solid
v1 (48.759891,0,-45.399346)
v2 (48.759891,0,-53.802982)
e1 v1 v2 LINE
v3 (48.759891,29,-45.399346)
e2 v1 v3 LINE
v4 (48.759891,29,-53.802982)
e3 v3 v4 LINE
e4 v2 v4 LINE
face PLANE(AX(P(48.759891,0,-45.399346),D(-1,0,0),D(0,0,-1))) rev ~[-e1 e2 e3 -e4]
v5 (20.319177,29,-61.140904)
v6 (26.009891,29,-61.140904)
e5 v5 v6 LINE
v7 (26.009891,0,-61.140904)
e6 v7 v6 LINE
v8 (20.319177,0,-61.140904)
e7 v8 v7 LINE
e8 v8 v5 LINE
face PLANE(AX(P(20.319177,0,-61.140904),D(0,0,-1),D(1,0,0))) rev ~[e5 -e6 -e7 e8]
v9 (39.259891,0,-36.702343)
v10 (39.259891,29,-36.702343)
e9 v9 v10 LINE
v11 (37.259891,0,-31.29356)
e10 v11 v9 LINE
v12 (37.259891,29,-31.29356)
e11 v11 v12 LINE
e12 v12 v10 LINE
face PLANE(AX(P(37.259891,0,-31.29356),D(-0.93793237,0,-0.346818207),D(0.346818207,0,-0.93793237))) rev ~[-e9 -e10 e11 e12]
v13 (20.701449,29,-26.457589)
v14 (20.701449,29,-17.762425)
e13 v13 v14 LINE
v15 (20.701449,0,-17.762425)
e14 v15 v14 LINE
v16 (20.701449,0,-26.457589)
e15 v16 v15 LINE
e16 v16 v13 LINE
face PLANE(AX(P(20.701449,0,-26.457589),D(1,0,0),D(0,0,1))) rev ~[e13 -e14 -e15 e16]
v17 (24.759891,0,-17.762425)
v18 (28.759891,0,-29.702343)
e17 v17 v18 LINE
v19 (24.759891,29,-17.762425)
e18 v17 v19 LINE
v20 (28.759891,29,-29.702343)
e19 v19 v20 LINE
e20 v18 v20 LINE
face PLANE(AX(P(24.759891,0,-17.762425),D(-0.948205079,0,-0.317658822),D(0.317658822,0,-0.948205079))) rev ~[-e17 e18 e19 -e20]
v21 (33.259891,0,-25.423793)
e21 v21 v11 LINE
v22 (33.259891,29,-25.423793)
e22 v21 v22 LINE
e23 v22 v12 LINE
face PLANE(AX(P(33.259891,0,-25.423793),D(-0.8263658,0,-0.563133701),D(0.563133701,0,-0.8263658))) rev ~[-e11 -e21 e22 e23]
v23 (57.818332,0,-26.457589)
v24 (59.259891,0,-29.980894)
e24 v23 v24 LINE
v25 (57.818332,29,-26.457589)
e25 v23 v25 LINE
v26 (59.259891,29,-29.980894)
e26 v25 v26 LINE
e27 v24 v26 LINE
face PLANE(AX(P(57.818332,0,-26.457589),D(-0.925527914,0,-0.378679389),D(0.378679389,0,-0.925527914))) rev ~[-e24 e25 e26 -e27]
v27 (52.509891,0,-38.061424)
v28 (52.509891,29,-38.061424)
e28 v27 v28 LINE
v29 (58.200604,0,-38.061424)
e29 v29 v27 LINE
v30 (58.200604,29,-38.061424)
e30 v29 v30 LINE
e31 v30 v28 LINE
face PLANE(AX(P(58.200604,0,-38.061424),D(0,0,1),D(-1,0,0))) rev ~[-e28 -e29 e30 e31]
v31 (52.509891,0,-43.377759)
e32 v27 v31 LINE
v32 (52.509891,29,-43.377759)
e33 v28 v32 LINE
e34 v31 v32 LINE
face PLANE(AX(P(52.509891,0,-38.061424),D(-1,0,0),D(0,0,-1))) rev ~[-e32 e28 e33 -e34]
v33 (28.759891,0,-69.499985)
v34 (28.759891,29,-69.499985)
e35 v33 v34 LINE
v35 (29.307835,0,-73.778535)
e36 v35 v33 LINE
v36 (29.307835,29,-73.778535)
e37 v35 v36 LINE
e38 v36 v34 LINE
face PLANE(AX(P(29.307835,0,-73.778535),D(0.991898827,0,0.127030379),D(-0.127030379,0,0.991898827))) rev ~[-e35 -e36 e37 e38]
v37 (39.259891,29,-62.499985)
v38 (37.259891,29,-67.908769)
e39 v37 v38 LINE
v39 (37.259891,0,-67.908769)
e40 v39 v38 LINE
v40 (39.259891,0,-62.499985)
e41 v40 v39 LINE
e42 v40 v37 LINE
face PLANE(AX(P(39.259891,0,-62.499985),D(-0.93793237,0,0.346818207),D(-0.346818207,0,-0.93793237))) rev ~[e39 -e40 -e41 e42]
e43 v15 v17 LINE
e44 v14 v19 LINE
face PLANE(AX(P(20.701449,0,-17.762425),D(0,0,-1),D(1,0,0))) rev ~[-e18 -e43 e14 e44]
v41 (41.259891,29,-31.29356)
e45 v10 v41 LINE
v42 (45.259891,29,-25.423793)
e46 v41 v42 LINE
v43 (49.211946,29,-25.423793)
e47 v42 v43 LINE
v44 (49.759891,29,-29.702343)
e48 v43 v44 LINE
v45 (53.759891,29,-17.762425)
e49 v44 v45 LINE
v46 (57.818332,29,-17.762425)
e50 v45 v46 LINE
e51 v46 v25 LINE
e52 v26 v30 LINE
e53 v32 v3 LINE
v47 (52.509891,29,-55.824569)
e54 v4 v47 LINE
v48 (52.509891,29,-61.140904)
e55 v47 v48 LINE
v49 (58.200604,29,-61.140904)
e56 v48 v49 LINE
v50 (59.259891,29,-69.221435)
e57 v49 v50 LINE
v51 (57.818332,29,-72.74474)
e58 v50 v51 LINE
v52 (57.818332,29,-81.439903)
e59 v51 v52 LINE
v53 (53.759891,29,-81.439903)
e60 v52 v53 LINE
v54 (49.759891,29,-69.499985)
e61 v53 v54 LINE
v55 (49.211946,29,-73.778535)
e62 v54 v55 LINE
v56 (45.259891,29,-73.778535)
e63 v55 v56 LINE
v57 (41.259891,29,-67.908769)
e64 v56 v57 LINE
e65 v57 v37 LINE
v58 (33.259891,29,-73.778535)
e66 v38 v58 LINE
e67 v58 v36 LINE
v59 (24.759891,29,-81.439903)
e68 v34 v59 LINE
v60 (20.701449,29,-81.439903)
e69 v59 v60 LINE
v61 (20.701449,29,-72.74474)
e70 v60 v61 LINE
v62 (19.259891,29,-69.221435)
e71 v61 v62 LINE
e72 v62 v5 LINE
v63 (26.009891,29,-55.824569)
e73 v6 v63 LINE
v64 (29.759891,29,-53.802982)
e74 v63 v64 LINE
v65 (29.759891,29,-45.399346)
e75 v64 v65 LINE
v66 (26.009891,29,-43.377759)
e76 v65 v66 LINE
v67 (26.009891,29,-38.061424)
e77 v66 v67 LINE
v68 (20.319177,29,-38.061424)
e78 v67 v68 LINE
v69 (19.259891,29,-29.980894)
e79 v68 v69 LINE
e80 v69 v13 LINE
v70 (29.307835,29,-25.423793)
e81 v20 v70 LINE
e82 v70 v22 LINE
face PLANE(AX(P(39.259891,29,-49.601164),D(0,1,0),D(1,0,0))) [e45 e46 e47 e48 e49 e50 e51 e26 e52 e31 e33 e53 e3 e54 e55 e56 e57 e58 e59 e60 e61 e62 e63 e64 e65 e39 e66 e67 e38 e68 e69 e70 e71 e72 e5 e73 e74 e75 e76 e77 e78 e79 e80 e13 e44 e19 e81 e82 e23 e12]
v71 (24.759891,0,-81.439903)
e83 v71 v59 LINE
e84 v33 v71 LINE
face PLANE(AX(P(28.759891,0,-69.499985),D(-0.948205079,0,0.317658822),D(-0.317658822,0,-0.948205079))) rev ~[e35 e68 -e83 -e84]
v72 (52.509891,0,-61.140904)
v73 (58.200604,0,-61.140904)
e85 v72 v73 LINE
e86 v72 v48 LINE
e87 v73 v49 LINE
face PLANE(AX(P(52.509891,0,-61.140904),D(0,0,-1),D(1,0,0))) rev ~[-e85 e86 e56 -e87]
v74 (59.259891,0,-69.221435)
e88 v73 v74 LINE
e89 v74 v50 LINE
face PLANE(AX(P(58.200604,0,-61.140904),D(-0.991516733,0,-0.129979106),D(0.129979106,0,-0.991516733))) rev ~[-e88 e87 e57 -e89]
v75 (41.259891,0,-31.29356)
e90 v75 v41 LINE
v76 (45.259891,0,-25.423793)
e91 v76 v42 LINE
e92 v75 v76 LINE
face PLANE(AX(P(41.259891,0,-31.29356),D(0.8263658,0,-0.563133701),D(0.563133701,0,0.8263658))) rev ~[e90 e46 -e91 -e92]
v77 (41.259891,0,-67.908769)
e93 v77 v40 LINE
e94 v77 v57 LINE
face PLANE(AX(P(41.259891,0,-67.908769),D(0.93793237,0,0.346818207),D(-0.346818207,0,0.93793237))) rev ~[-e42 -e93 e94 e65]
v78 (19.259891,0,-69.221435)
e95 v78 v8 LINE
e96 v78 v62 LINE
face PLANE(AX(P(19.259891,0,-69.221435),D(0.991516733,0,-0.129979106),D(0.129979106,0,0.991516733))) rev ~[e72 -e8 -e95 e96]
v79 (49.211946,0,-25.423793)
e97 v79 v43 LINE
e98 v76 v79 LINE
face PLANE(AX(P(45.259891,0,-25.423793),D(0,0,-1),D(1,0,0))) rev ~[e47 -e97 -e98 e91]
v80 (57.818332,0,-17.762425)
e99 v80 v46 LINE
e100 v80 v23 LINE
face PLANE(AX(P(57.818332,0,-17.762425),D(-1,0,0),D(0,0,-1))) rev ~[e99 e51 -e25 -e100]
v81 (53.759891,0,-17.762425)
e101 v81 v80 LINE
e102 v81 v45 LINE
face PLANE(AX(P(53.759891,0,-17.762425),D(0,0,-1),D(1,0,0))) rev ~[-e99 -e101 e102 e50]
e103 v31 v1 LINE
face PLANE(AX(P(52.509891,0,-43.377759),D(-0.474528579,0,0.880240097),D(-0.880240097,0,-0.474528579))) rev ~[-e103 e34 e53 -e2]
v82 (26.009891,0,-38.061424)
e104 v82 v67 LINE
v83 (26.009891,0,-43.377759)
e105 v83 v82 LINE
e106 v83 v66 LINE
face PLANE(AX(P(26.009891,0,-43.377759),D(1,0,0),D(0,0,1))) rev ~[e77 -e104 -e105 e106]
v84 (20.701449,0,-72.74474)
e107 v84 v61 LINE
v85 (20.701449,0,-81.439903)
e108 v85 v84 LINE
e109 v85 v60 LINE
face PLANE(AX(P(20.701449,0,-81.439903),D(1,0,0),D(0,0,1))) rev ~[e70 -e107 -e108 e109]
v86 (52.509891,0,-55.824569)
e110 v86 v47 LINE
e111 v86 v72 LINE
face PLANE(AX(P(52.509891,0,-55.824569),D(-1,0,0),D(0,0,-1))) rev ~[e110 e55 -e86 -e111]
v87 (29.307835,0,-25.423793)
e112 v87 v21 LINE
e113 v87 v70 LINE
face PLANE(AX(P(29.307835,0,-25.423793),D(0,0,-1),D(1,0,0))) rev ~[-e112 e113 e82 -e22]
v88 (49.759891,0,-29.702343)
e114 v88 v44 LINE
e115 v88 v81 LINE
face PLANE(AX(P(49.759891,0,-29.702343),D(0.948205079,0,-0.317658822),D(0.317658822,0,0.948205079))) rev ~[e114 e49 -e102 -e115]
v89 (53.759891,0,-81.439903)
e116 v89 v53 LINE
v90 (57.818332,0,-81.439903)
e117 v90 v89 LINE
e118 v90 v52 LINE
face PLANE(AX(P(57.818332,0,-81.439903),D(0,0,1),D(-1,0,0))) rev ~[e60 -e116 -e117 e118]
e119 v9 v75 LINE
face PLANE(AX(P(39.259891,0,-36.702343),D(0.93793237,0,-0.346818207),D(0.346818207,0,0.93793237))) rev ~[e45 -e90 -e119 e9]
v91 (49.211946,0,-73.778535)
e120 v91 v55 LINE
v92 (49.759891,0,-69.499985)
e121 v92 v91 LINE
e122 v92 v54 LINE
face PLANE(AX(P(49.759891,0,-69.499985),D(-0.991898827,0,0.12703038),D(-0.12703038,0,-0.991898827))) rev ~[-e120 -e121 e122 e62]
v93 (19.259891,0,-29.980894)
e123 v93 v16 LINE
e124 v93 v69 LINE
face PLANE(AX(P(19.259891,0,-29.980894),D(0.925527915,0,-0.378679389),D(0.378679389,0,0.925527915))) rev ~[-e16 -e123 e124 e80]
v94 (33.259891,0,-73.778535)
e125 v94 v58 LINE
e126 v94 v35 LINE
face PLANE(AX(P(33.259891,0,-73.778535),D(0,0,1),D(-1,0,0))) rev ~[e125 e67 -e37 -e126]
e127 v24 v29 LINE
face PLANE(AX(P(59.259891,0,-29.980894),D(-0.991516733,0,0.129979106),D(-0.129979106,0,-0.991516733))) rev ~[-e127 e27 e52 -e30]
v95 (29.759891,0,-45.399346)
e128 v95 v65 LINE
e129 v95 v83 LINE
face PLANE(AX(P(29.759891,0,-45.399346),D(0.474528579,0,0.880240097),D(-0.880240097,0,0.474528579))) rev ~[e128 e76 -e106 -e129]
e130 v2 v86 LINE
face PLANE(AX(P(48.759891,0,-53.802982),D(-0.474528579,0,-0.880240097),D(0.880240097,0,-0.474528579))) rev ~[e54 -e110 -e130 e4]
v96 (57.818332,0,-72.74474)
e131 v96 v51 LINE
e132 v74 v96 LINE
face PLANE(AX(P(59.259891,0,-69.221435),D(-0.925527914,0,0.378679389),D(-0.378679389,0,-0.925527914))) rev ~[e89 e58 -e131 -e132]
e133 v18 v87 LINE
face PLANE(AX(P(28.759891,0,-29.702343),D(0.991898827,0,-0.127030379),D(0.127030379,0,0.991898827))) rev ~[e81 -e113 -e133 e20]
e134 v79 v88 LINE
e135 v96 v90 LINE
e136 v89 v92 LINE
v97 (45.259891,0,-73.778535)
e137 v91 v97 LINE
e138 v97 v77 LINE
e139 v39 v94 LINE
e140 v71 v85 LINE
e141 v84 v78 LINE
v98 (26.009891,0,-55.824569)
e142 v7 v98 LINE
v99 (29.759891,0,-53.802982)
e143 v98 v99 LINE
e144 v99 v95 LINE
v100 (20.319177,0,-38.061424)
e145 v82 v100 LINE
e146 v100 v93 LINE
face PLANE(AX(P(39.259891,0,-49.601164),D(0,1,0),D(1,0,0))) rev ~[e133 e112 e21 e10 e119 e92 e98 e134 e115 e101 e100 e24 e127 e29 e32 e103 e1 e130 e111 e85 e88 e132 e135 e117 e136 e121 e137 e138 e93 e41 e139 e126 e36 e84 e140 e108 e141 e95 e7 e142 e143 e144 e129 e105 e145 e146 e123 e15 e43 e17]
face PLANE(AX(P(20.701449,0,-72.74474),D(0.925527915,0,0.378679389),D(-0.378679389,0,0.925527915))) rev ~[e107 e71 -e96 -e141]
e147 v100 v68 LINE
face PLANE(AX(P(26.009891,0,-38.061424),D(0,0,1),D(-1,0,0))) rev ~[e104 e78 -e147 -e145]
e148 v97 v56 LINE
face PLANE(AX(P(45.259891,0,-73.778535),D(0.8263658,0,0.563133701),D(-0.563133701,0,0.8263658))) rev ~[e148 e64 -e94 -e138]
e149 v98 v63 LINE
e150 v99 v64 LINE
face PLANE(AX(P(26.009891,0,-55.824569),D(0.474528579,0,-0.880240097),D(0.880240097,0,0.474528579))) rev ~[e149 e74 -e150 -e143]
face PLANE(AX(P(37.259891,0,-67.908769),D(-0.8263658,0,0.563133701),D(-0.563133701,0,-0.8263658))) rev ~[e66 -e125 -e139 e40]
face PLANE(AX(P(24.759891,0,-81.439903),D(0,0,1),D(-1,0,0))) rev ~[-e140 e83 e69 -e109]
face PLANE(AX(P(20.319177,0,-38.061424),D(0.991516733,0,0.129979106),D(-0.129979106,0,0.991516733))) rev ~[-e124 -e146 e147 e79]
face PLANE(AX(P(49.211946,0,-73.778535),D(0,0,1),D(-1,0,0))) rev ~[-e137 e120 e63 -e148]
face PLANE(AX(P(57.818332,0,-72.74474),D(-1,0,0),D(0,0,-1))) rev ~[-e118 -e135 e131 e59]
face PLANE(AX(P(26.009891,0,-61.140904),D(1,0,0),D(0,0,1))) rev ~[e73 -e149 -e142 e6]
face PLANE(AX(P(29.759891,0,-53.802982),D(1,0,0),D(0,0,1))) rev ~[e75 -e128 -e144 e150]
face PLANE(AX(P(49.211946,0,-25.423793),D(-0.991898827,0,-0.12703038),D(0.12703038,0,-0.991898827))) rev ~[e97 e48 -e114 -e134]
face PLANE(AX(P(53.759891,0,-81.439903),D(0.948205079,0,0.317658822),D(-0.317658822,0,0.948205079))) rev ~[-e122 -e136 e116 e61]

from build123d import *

# Parameters (mm, degrees)
BOSS_EXTRUDE1_DEPTH = 29


with BuildPart() as part:
    # Sketch1 → Boss-Extrude1 (new body)
    with BuildSketch(Plane(origin=(0, 0, 0), x_dir=(1, 0, 0), z_dir=(0, 1, 0))):
        Polygon((24.759890606, 17.762425379), (28.759890606, 29.702343473), (29.307835455, 25.423793289), (33.259890606, 25.423793289), (37.259890606, 31.293559553), (39.259890606, 36.702343473), (41.259890606, 31.293559553), (45.259890606, 25.423793289), (49.211945756, 25.423793289), (49.759890606, 29.702343473), (53.759890606, 17.762425379), (57.818331734, 17.762425379), (57.818331734, 26.457588678), (59.259890606, 29.980893658), (58.200604263, 38.06142419), (52.509890606, 38.06142419), (52.509890606, 43.377759071), (48.759890606, 45.399346339), (48.759890606, 53.802982108), (52.509890606, 55.824569376), (52.509890606, 61.140904257), (58.200604263, 61.140904257), (59.259890606, 69.221434789), (57.818331734, 72.744739769), (57.818331734, 81.439903068), (53.759890606, 81.439903068), (49.759890606, 69.499984974), (49.211945756, 73.778535158), (45.259890606, 73.778535158), (41.259890606, 67.908768894), (39.259890606, 62.499984974), (37.259890606, 67.908768894), (33.259890606, 73.778535158), (29.307835455, 73.778535158), (28.759890606, 69.499984974), (24.759890606, 81.439903068), (20.701449477, 81.439903068), (20.701449477, 72.744739769), (19.259890606, 69.221434789), (20.319176948, 61.140904257), (26.009890606, 61.140904257), (26.009890606, 55.824569376), (29.759890606, 53.802982108), (29.759890606, 45.399346339), (26.009890606, 43.377759071), (26.009890606, 38.06142419), (20.319176948, 38.06142419), (19.259890606, 29.980893658), (20.701449477, 26.457588678), (20.701449477, 17.762425379), align=None)
    extrude(amount=BOSS_EXTRUDE1_DEPTH)


solid = part.part
